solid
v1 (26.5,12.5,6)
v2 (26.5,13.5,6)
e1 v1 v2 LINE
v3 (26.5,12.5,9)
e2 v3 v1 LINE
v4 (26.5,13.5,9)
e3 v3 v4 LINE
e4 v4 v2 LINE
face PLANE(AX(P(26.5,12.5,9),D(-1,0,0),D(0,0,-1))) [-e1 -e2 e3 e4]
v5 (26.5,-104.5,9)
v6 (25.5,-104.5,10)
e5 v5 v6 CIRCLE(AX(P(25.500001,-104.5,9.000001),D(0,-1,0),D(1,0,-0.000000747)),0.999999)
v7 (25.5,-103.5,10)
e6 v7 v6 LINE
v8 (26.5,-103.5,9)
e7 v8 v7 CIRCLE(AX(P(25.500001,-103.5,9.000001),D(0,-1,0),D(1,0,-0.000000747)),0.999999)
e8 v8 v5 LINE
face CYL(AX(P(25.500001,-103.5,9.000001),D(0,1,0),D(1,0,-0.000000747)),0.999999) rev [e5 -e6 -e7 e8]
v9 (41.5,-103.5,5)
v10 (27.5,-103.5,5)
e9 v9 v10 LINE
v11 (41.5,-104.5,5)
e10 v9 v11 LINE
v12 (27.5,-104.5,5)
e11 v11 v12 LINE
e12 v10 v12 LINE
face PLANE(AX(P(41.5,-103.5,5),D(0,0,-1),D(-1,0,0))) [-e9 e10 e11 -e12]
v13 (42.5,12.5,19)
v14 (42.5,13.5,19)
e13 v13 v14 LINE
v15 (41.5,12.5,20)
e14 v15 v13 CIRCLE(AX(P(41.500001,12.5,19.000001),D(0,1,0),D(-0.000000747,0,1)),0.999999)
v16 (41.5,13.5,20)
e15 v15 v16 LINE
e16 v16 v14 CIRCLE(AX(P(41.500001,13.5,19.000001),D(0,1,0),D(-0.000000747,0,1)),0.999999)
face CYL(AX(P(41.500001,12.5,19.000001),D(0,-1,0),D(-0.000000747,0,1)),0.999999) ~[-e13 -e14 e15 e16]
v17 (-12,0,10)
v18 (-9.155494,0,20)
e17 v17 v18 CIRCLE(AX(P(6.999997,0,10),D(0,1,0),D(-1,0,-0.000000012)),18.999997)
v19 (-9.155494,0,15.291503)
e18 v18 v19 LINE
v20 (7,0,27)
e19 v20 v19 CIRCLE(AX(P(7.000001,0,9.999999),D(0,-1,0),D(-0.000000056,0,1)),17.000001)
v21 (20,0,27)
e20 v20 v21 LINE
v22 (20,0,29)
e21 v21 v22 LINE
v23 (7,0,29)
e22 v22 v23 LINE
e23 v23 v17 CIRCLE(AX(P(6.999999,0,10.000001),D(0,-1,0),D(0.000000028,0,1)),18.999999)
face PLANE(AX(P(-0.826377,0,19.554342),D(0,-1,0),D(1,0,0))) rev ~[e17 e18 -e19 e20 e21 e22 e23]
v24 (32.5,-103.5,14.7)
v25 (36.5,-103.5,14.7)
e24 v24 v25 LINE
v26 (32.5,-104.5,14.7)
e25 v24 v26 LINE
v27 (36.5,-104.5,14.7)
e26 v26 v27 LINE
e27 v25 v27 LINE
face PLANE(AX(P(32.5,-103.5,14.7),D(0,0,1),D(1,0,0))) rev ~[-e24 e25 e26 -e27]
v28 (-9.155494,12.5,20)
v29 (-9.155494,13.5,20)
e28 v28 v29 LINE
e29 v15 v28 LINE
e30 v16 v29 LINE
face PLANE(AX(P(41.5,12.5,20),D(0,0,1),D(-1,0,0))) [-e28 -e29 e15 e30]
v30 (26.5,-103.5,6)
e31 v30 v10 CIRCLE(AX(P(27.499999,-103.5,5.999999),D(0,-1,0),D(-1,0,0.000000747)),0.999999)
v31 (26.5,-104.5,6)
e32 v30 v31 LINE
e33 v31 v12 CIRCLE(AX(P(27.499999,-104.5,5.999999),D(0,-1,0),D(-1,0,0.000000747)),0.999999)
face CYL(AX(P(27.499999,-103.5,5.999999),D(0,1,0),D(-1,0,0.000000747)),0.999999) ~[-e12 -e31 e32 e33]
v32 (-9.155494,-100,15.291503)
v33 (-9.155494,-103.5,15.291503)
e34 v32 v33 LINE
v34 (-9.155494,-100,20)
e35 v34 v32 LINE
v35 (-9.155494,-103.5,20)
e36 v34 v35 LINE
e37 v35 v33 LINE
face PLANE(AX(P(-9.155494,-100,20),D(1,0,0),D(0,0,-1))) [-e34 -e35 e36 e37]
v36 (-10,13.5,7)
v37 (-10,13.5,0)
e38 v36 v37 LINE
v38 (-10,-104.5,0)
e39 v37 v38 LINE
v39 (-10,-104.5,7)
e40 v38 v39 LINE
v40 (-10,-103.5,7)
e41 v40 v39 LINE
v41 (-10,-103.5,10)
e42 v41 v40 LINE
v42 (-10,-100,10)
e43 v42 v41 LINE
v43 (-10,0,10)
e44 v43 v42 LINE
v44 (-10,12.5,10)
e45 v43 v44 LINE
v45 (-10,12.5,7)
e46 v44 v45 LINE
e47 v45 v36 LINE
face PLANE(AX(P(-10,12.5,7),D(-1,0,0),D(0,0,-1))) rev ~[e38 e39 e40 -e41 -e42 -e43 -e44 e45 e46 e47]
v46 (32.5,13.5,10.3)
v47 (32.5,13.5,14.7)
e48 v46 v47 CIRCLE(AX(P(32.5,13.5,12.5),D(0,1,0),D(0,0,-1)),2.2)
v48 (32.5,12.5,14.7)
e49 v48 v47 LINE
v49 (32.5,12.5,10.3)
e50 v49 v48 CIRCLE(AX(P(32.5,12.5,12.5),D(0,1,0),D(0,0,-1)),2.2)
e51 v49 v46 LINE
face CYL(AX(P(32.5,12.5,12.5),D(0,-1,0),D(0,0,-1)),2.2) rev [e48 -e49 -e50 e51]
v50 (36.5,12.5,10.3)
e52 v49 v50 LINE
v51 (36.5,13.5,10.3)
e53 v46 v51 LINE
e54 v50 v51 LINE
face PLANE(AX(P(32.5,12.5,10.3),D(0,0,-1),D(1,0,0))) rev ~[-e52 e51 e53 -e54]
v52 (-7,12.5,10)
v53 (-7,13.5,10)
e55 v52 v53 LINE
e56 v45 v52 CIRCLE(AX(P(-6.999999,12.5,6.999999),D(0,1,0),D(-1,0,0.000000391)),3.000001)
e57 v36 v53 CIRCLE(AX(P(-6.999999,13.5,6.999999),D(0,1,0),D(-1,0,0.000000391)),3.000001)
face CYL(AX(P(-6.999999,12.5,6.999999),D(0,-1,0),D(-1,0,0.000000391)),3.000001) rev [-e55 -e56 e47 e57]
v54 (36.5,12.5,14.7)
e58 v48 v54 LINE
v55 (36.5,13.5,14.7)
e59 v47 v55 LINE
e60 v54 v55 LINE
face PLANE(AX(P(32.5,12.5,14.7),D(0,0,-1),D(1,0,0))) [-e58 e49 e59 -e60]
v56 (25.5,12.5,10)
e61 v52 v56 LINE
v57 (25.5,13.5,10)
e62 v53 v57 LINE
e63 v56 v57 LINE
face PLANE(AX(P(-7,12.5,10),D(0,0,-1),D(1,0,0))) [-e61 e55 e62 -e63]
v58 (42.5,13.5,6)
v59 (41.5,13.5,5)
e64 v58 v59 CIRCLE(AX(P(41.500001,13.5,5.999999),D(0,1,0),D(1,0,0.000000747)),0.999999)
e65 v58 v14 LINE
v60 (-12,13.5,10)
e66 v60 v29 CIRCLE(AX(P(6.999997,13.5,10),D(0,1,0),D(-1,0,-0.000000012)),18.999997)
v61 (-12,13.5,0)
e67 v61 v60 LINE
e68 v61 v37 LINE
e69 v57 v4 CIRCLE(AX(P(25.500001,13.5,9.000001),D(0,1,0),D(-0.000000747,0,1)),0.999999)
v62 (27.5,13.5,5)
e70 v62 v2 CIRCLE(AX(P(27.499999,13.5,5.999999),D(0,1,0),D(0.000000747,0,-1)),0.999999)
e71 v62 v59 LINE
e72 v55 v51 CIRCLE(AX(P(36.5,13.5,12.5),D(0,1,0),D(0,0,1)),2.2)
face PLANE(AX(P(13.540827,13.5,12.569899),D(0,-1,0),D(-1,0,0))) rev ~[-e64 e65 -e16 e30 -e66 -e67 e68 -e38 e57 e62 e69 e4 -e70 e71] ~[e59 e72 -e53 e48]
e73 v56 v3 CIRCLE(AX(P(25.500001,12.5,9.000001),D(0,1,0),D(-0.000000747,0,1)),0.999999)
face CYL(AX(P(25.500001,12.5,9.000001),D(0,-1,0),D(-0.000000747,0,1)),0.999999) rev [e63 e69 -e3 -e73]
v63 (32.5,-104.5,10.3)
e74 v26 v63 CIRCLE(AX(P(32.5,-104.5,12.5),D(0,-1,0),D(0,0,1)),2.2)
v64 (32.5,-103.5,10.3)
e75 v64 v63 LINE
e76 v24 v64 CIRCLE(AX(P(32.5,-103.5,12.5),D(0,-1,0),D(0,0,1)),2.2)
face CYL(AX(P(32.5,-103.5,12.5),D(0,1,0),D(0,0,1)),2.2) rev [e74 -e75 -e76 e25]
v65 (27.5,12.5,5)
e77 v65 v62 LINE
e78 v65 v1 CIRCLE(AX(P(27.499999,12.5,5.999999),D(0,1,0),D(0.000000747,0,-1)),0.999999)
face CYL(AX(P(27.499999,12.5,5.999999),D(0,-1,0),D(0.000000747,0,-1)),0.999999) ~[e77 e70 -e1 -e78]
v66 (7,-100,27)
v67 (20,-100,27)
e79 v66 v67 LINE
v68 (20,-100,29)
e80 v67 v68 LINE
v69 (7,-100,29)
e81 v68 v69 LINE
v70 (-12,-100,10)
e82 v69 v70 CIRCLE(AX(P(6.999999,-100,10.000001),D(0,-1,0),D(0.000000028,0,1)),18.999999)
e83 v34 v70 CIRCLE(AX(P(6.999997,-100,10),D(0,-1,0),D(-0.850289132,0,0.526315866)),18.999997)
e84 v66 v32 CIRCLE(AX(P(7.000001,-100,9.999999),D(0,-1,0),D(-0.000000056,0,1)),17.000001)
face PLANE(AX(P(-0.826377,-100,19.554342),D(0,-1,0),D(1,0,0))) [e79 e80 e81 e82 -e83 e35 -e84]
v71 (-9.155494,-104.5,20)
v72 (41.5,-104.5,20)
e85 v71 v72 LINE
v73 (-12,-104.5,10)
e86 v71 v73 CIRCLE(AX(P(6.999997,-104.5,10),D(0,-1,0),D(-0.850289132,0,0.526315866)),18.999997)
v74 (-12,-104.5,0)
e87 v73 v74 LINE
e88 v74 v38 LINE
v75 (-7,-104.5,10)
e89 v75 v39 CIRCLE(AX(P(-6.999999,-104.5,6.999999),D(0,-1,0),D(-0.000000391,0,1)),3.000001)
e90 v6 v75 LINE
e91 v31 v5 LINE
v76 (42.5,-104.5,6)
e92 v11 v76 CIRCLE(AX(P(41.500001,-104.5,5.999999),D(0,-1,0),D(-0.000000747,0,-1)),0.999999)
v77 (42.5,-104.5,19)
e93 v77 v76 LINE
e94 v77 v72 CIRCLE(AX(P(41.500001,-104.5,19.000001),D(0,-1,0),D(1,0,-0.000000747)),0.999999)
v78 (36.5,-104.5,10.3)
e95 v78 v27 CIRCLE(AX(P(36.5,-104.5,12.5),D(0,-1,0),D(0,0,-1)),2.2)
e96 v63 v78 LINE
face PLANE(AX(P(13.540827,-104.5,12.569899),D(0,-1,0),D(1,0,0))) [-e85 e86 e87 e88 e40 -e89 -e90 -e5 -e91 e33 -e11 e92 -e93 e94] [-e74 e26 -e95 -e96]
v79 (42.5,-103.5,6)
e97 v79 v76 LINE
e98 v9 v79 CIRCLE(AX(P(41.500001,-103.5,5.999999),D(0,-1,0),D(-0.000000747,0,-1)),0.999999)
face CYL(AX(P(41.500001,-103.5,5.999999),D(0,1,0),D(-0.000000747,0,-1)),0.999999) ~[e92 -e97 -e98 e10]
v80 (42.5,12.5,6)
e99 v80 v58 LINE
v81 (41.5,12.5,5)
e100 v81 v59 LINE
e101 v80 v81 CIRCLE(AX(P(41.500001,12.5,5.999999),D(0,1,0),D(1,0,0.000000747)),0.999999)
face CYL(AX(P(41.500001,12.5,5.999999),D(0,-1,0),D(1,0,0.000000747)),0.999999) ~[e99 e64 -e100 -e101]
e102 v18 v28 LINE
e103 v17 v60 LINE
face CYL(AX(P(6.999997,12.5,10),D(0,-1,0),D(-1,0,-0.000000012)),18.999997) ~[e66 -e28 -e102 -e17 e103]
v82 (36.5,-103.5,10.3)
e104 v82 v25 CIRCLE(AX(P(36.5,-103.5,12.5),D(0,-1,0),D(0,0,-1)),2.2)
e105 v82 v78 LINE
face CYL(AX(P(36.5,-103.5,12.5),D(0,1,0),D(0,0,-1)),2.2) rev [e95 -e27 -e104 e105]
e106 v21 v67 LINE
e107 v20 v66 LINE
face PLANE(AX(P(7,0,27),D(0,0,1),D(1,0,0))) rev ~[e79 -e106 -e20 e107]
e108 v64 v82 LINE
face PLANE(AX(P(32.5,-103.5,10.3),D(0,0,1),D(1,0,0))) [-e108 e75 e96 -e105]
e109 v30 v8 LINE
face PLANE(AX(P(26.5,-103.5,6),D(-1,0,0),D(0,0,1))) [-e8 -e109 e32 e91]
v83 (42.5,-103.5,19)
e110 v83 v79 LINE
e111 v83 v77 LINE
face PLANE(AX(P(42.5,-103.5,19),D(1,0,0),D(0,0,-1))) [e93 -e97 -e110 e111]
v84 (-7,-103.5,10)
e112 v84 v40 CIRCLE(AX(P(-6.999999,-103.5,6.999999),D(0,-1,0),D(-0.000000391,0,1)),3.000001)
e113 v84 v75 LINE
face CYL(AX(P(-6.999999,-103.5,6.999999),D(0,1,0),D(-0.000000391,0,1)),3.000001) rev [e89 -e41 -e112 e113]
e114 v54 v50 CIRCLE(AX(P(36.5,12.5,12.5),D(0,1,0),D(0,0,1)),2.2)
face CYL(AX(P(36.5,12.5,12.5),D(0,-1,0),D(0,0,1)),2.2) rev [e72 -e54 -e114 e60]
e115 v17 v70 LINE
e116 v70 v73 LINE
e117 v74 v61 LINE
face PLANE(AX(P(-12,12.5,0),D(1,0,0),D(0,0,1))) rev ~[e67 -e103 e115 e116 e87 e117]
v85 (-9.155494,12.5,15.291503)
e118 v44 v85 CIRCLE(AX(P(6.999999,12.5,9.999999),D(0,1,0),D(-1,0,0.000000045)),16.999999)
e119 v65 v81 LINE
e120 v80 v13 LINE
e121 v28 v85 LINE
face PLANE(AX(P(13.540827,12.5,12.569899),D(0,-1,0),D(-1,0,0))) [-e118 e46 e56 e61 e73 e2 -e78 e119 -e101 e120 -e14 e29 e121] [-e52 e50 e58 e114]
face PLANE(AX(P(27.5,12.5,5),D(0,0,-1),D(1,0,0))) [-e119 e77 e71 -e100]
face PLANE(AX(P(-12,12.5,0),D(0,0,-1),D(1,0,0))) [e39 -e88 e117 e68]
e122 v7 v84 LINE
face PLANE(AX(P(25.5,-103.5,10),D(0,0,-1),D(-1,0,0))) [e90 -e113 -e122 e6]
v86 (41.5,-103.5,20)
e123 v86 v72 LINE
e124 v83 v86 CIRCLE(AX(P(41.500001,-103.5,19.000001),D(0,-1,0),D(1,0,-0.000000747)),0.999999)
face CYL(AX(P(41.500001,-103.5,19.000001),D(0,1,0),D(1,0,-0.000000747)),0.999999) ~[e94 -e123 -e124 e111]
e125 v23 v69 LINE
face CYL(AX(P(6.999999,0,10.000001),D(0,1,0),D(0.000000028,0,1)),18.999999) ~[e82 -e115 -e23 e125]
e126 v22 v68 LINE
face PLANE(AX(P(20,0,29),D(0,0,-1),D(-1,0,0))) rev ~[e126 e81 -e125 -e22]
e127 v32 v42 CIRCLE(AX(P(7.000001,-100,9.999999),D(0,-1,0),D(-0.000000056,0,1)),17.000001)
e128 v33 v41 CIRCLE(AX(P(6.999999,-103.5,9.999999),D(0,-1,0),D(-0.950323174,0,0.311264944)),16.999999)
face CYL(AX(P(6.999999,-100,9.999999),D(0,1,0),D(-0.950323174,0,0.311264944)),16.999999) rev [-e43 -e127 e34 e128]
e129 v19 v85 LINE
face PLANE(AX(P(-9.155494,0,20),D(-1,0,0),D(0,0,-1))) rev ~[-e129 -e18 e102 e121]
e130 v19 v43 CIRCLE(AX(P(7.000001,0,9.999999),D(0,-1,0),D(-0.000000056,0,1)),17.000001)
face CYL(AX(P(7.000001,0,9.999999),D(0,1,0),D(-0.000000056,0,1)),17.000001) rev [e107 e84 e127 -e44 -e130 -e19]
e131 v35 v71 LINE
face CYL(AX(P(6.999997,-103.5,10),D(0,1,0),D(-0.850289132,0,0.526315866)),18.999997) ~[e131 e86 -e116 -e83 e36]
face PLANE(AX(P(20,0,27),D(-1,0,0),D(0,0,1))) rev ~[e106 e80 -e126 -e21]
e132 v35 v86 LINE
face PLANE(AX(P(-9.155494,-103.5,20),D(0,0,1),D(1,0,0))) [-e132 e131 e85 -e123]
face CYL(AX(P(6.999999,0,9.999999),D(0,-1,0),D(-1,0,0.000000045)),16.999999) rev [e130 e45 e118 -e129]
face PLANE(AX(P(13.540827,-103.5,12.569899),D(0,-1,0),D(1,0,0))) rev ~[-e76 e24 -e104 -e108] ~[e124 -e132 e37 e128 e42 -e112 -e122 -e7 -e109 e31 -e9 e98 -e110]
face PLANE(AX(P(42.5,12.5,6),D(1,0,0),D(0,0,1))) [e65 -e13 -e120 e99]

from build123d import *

# Parameters (mm, degrees)
PAD002_DEPTH = 100
PAD003_DEPTH = 3.5
PAD004_DEPTH = 12.5
PAD005_DEPTH = 1
PAD006_DEPTH = 1


with BuildPart() as part:
    # Sketch008 → Pad002 (new body)
    with BuildSketch(Plane.XZ):
        with BuildLine():
            Line((20, 29), (7, 29))
            ThreePointArc((7, 29), (-6.435029, 23.435029), (-12, 10))
            Line((-12, 10), (-12, 0))
            Line((-12, 0), (-10, 0))
            Line((-10, 0), (-10, 10))
            ThreePointArc((7, 27), (-5.020815, 22.020815), (-10, 10))
            Line((7, 27), (20, 27))
            Line((20, 27), (20, 29))
        make_face()
    extrude(amount=PAD002_DEPTH)

    # Sketch009 (on Face10 of Pad002) → Pad003 (join)
    with BuildSketch(Plane.XZ.offset(100)):
        with BuildLine():
            ThreePointArc((-9.155494, 15.291503), (-9.787546, 12.679234), (-10, 10))
            Line((-10, 10), (-10, 0))
            Line((-10, 0), (-12, 0))
            Line((-12, 0), (-12, 10))
            ThreePointArc((-9.155494, 20), (-11.275043, 15.198346), (-12, 10))
            Line((-9.155494, 20), (-9.155494, 15.291503))
        make_face()
    extrude(amount=PAD003_DEPTH)

    # Sketch010 (on Face3 of Pad003) → Pad004 (join)
    with BuildSketch(Plane(origin=(0, 0, 0), x_dir=(1, 0, 0), z_dir=(0, 1, 0))):
        with BuildLine():
            ThreePointArc((-10, -10), (-9.787546, -12.679234), (-9.155494, -15.291503))
            Line((-9.155494, -20), (-9.155494, -15.291503))
            ThreePointArc((-12, -10), (-11.275043, -15.198346), (-9.155494, -20))
            Line((-12, 0), (-12, -10))
            Line((-10, 0), (-12, 0))
            Line((-10, -10), (-10, 0))
        make_face()
    extrude(amount=PAD004_DEPTH)

    # Sketch011 (on Face6 of Pad004) → Pad005 (join)
    with BuildSketch(Plane.XZ.offset(103.5)):
        with BuildLine():
            ThreePointArc((-9.155494, 20), (-11.275043, 15.198346), (-12, 10))
            Line((-12, 10), (-12, 0))
            Line((-12, 0), (-10, 0))
            Line((-10, 0), (-10, 7))
            ThreePointArc((-7, 10), (-9.12132, 9.12132), (-10, 7))
            Line((25.5, 10), (-7, 10))
            ThreePointArc((26.5, 9), (26.207107, 9.707107), (25.5, 10))
            Line((26.5, 6), (26.5, 9))
            ThreePointArc((26.5, 6), (26.792893, 5.292893), (27.5, 5))
            Line((34.5, 5), (27.5, 5))
            Line((41.5, 5), (34.5, 5))
            ThreePointArc((41.5, 5), (42.207107, 5.292893), (42.5, 6))
            Line((42.5, 19), (42.5, 6))
            ThreePointArc((42.5, 19), (42.207107, 19.707107), (41.5, 20))
            Line((-9.155494, 20), (41.5, 20))
        make_face()
        with BuildLine():
            ThreePointArc((32.5, 14.7), (30.3, 12.5), (32.5, 10.3))
            Line((32.5, 10.3), (36.5, 10.3))
            ThreePointArc((36.5, 10.3), (38.7, 12.5), (36.5, 14.7))
            Line((32.5, 14.7), (36.5, 14.7))
        make_face(mode=Mode.SUBTRACT)
    extrude(amount=PAD005_DEPTH)

    # Sketch012 (on Face6 of Pad005) → Pad006 (join)
    with BuildSketch(Plane(origin=(0, 12.5, 0), x_dir=(1, 0, 0), z_dir=(0, 1, 0))):
        with BuildLine():
            Line((-12, 0), (-10, 0))
            Line((-10, -7), (-10, 0))
            ThreePointArc((-10, -7), (-9.12132, -9.12132), (-7, -10))
            Line((-7, -10), (25.5, -10))
            ThreePointArc((25.5, -10), (26.207107, -9.707107), (26.5, -9))
            Line((26.5, -9), (26.5, -6))
            ThreePointArc((27.5, -5), (26.792893, -5.292893), (26.5, -6))
            Line((27.5, -5), (41.5, -5))
            ThreePointArc((42.5, -6), (42.207107, -5.292893), (41.5, -5))
            Line((42.5, -6), (42.5, -19))
            ThreePointArc((41.5, -20), (42.207107, -19.707107), (42.5, -19))
            Line((41.5, -20), (-9.155494, -20))
            ThreePointArc((-12, -10), (-11.275043, -15.198346), (-9.155494, -20))
            Line((-12, 0), (-12, -10))
        make_face()
        with BuildLine():
            ThreePointArc((32.5, -10.3), (30.3, -12.5), (32.5, -14.7))
            Line((32.5, -14.7), (36.5, -14.7))
            ThreePointArc((36.5, -14.7), (38.7, -12.5), (36.5, -10.3))
            Line((32.5, -10.3), (36.5, -10.3))
        make_face(mode=Mode.SUBTRACT)
    extrude(amount=PAD006_DEPTH)


solid = part.part
